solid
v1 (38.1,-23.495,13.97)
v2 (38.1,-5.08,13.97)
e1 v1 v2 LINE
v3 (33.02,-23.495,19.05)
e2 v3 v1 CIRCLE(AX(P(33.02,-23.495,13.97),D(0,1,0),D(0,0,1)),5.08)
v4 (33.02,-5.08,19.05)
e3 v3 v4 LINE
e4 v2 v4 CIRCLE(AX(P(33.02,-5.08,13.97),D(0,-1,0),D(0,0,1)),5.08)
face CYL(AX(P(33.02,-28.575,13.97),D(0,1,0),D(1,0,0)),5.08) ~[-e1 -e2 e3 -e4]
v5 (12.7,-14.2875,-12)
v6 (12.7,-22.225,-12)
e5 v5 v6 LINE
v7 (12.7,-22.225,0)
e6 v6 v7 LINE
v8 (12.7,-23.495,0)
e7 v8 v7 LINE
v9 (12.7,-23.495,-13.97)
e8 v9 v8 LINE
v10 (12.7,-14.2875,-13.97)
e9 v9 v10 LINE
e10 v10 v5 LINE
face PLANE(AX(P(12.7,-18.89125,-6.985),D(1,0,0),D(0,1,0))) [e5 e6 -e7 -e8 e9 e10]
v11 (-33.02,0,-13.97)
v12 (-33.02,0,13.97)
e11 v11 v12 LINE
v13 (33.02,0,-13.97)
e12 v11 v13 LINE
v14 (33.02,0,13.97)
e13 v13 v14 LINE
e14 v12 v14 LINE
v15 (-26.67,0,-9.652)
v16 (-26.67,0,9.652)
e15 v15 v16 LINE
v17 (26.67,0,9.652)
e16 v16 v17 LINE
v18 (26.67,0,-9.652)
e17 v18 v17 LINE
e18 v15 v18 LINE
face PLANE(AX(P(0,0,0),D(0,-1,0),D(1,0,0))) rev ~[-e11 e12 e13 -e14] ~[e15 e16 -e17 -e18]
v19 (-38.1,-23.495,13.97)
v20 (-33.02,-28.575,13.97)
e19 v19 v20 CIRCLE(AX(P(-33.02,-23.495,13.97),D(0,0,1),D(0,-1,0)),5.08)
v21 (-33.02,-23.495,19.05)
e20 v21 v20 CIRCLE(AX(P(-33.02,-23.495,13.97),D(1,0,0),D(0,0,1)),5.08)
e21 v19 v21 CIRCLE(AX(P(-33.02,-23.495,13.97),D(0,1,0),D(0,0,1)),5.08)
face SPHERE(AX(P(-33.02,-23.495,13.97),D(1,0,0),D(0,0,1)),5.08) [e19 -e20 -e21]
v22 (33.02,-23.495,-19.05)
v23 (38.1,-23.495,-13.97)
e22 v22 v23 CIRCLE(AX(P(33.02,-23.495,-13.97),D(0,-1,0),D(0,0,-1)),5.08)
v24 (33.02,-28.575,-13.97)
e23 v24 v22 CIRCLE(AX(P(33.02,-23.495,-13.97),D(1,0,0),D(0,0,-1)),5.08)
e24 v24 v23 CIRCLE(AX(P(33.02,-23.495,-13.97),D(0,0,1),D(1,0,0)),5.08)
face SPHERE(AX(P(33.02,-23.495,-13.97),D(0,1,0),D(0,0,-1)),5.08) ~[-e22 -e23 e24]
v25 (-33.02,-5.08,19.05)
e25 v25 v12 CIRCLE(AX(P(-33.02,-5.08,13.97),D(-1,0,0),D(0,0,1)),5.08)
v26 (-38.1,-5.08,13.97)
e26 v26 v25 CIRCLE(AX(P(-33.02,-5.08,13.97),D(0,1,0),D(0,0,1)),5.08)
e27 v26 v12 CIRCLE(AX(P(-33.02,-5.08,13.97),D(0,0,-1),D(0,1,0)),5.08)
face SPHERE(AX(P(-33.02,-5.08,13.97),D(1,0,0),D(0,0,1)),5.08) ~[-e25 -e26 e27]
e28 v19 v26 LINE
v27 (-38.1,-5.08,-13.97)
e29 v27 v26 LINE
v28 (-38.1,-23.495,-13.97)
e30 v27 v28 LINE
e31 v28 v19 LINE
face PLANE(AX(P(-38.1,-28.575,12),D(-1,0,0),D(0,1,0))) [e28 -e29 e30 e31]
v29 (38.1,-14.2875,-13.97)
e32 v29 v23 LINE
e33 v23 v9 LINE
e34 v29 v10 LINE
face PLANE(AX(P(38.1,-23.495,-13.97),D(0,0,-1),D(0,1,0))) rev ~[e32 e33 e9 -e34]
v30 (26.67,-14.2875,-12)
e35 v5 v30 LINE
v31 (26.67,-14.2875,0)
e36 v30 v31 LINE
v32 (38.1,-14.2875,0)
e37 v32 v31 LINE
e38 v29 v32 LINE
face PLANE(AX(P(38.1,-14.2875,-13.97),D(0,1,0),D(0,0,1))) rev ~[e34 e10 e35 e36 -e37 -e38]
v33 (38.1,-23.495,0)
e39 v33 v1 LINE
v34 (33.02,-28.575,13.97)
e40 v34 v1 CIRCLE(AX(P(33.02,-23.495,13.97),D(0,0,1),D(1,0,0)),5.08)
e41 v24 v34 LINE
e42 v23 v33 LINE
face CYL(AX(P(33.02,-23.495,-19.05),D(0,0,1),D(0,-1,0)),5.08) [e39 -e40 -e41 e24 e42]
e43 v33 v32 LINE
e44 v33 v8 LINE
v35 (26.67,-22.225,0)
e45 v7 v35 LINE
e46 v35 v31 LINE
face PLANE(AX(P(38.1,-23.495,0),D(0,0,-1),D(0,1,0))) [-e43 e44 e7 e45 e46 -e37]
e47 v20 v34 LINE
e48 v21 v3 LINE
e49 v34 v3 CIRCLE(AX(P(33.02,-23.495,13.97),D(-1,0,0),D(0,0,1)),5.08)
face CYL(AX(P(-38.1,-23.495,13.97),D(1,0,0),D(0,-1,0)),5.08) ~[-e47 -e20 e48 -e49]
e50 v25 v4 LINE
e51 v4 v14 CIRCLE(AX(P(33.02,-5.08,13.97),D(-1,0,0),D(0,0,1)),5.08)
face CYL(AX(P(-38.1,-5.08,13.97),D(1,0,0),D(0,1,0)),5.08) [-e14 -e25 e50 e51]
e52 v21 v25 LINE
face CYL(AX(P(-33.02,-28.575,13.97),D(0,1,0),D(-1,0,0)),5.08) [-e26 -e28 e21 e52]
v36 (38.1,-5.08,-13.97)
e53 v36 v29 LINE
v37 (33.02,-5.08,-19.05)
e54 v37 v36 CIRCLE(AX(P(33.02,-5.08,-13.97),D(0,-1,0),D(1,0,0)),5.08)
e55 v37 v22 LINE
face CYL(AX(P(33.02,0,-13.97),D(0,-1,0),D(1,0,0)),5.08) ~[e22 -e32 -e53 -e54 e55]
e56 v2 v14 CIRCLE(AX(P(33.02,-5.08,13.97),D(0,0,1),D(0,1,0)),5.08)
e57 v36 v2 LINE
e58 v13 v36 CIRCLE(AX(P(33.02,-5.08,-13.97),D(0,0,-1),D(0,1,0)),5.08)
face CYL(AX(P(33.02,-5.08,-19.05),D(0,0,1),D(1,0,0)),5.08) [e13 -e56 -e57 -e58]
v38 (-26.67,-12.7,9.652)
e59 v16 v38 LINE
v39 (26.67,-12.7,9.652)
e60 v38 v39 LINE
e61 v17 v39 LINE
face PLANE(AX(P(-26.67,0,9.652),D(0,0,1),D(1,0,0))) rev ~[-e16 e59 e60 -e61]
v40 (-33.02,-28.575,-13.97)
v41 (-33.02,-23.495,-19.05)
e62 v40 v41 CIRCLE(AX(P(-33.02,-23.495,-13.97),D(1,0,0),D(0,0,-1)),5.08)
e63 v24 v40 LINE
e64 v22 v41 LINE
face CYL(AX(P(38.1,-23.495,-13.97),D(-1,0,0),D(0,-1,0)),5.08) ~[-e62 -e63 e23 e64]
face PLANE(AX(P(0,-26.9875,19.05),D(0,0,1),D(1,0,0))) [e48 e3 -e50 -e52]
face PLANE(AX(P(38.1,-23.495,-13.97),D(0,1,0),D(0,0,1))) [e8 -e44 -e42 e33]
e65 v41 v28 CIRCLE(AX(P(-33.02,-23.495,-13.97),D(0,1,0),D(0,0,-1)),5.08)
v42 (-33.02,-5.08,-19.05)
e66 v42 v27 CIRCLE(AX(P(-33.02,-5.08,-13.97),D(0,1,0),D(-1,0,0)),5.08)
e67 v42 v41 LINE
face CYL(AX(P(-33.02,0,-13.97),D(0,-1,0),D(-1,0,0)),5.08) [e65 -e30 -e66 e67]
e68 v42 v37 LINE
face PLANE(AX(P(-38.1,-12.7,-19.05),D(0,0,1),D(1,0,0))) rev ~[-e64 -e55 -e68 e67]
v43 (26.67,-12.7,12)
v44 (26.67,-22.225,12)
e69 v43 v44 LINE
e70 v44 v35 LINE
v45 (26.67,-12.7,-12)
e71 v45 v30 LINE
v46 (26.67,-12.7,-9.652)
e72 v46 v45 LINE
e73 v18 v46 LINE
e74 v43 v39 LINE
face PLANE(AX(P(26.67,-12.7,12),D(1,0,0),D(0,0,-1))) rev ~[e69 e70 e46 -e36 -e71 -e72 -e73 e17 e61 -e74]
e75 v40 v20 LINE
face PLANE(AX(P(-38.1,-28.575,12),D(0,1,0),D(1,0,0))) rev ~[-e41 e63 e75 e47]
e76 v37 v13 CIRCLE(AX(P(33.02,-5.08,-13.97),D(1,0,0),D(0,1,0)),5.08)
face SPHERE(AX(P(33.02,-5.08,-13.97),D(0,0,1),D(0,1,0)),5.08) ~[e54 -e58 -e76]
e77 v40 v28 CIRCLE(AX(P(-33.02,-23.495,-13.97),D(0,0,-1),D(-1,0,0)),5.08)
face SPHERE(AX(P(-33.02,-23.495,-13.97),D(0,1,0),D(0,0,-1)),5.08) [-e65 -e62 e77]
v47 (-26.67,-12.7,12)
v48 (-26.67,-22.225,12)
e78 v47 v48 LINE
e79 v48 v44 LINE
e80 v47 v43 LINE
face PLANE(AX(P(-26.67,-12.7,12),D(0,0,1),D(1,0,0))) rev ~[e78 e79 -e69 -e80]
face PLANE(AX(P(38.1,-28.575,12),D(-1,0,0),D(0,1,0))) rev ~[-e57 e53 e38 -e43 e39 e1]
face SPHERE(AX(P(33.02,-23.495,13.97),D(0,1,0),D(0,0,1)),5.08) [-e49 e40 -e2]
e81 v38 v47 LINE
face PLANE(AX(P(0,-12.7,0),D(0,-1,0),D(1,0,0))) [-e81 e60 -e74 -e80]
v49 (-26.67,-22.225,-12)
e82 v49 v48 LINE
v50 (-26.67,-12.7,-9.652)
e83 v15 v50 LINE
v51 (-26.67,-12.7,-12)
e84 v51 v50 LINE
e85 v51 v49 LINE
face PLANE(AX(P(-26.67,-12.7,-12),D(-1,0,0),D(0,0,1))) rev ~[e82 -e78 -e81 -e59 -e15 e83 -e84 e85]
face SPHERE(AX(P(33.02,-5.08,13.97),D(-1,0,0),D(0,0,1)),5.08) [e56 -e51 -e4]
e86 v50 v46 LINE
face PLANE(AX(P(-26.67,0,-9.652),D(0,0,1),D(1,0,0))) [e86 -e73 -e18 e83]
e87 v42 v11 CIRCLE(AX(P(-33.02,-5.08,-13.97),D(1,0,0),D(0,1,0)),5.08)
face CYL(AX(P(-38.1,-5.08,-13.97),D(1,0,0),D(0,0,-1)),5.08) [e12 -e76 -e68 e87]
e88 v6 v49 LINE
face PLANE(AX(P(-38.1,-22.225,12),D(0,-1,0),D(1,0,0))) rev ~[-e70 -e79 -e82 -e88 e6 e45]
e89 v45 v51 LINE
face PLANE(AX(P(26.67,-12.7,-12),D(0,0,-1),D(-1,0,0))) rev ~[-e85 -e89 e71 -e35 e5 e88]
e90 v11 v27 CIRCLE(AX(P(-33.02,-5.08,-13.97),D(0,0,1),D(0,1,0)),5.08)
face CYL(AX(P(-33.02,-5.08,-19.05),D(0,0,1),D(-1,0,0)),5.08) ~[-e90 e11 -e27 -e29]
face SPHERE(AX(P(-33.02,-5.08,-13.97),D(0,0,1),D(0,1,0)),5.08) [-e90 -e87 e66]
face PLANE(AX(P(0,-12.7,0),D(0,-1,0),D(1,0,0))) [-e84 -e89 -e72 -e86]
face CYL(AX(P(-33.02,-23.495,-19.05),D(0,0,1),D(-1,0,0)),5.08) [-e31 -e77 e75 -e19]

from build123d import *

# Parameters (mm, degrees)
F0_W      = 76.2
F0_H      = 38.1
F0_W_2    = 53.34
F0_H_2    = 19.304
F1_DEPTH  = 12.7
F2_W      = 76.2
F2_H      = 38.1
F3_DEPTH  = 12.7
F4_W      = 53.34
F4_H      = 3.175
F5_DEPTH  = 31.05
F5_FACE_W = 76.2
F5_FACE_H = 3.175
F6_DEPTH  = 7.05
F7_R      = 5.08
F8_W      = 9.2075
F8_H      = 13.97
F9_DEPTH  = 25.4


with BuildPart() as f1:
    # F0 (on Front) → F1 (new body)
    with BuildSketch(Plane.XZ):
        Rectangle(F0_W, F0_H)
        Rectangle(F0_W_2, F0_H_2, mode=Mode.SUBTRACT)
    extrude(amount=F1_DEPTH)

    # F2 (on face) → F3 (join)
    with BuildSketch(Plane.XZ.offset(12.7)):
        Rectangle(F2_W, F2_H)
        Polygon((-26.67, 12), (26.67, 12), (26.67, 9.652), (26.67, -9.652), (26.67, -12), (-26.67, -12), (-26.67, -9.652), (-26.67, 9.652), align=None, mode=Mode.SUBTRACT)
    extrude(amount=F3_DEPTH)

    # F4 (on face) → F5 (join, through all)
    with BuildSketch(Plane(origin=(0, 0, 12), x_dir=(1, 0, 0), z_dir=(0, 0, -1))):
        Polygon((38.1, 22.225), (38.1, 28.575), (-38.1, 28.575), (-38.1, 22.225), (-26.67, 22.225), (-26.67, 25.4), (26.67, 25.4), (26.67, 22.225), align=None)
        with Locations((0, 23.8125)):
            Rectangle(F4_W, F4_H)
    extrude(amount=F5_DEPTH)

    # F5_face (on face) → F6 (join, through all)
    with BuildSketch(Plane(origin=(0, -26.9875, 12), x_dir=(1, 0, 0), z_dir=(0, 0, 1))):
        Rectangle(F5_FACE_W, F5_FACE_H)
    extrude(amount=F6_DEPTH)

    # F7
    f7_edges = [f1.edges().sort_by_distance(p)[0] for p in [
        (0, 0, 19.05),
        (38.1, -14.2875, 19.05),
        (0, -28.575, 19.05),
        (-38.1, -14.2875, 19.05),
        (-38.1, 0, 0),
        (38.1, 0, 0),
        (0, 0, -19.05),
        (38.1, -14.2875, -19.05),
        (-38.1, -14.2875, -19.05),
        (0, -28.575, -19.05),
        (38.1, -28.575, 0),
        (-38.1, -28.575, 0),
    ]]
    fillet(f7_edges, radius=F7_R)

    # F8 (on face) → F9 (cut)
    with BuildSketch(Plane.YZ.offset(38.1)):
        with Locations((-18.89125, -6.985)):
            Rectangle(F8_W, F8_H)
    extrude(amount=-F9_DEPTH, mode=Mode.SUBTRACT)


solid = f1.part
